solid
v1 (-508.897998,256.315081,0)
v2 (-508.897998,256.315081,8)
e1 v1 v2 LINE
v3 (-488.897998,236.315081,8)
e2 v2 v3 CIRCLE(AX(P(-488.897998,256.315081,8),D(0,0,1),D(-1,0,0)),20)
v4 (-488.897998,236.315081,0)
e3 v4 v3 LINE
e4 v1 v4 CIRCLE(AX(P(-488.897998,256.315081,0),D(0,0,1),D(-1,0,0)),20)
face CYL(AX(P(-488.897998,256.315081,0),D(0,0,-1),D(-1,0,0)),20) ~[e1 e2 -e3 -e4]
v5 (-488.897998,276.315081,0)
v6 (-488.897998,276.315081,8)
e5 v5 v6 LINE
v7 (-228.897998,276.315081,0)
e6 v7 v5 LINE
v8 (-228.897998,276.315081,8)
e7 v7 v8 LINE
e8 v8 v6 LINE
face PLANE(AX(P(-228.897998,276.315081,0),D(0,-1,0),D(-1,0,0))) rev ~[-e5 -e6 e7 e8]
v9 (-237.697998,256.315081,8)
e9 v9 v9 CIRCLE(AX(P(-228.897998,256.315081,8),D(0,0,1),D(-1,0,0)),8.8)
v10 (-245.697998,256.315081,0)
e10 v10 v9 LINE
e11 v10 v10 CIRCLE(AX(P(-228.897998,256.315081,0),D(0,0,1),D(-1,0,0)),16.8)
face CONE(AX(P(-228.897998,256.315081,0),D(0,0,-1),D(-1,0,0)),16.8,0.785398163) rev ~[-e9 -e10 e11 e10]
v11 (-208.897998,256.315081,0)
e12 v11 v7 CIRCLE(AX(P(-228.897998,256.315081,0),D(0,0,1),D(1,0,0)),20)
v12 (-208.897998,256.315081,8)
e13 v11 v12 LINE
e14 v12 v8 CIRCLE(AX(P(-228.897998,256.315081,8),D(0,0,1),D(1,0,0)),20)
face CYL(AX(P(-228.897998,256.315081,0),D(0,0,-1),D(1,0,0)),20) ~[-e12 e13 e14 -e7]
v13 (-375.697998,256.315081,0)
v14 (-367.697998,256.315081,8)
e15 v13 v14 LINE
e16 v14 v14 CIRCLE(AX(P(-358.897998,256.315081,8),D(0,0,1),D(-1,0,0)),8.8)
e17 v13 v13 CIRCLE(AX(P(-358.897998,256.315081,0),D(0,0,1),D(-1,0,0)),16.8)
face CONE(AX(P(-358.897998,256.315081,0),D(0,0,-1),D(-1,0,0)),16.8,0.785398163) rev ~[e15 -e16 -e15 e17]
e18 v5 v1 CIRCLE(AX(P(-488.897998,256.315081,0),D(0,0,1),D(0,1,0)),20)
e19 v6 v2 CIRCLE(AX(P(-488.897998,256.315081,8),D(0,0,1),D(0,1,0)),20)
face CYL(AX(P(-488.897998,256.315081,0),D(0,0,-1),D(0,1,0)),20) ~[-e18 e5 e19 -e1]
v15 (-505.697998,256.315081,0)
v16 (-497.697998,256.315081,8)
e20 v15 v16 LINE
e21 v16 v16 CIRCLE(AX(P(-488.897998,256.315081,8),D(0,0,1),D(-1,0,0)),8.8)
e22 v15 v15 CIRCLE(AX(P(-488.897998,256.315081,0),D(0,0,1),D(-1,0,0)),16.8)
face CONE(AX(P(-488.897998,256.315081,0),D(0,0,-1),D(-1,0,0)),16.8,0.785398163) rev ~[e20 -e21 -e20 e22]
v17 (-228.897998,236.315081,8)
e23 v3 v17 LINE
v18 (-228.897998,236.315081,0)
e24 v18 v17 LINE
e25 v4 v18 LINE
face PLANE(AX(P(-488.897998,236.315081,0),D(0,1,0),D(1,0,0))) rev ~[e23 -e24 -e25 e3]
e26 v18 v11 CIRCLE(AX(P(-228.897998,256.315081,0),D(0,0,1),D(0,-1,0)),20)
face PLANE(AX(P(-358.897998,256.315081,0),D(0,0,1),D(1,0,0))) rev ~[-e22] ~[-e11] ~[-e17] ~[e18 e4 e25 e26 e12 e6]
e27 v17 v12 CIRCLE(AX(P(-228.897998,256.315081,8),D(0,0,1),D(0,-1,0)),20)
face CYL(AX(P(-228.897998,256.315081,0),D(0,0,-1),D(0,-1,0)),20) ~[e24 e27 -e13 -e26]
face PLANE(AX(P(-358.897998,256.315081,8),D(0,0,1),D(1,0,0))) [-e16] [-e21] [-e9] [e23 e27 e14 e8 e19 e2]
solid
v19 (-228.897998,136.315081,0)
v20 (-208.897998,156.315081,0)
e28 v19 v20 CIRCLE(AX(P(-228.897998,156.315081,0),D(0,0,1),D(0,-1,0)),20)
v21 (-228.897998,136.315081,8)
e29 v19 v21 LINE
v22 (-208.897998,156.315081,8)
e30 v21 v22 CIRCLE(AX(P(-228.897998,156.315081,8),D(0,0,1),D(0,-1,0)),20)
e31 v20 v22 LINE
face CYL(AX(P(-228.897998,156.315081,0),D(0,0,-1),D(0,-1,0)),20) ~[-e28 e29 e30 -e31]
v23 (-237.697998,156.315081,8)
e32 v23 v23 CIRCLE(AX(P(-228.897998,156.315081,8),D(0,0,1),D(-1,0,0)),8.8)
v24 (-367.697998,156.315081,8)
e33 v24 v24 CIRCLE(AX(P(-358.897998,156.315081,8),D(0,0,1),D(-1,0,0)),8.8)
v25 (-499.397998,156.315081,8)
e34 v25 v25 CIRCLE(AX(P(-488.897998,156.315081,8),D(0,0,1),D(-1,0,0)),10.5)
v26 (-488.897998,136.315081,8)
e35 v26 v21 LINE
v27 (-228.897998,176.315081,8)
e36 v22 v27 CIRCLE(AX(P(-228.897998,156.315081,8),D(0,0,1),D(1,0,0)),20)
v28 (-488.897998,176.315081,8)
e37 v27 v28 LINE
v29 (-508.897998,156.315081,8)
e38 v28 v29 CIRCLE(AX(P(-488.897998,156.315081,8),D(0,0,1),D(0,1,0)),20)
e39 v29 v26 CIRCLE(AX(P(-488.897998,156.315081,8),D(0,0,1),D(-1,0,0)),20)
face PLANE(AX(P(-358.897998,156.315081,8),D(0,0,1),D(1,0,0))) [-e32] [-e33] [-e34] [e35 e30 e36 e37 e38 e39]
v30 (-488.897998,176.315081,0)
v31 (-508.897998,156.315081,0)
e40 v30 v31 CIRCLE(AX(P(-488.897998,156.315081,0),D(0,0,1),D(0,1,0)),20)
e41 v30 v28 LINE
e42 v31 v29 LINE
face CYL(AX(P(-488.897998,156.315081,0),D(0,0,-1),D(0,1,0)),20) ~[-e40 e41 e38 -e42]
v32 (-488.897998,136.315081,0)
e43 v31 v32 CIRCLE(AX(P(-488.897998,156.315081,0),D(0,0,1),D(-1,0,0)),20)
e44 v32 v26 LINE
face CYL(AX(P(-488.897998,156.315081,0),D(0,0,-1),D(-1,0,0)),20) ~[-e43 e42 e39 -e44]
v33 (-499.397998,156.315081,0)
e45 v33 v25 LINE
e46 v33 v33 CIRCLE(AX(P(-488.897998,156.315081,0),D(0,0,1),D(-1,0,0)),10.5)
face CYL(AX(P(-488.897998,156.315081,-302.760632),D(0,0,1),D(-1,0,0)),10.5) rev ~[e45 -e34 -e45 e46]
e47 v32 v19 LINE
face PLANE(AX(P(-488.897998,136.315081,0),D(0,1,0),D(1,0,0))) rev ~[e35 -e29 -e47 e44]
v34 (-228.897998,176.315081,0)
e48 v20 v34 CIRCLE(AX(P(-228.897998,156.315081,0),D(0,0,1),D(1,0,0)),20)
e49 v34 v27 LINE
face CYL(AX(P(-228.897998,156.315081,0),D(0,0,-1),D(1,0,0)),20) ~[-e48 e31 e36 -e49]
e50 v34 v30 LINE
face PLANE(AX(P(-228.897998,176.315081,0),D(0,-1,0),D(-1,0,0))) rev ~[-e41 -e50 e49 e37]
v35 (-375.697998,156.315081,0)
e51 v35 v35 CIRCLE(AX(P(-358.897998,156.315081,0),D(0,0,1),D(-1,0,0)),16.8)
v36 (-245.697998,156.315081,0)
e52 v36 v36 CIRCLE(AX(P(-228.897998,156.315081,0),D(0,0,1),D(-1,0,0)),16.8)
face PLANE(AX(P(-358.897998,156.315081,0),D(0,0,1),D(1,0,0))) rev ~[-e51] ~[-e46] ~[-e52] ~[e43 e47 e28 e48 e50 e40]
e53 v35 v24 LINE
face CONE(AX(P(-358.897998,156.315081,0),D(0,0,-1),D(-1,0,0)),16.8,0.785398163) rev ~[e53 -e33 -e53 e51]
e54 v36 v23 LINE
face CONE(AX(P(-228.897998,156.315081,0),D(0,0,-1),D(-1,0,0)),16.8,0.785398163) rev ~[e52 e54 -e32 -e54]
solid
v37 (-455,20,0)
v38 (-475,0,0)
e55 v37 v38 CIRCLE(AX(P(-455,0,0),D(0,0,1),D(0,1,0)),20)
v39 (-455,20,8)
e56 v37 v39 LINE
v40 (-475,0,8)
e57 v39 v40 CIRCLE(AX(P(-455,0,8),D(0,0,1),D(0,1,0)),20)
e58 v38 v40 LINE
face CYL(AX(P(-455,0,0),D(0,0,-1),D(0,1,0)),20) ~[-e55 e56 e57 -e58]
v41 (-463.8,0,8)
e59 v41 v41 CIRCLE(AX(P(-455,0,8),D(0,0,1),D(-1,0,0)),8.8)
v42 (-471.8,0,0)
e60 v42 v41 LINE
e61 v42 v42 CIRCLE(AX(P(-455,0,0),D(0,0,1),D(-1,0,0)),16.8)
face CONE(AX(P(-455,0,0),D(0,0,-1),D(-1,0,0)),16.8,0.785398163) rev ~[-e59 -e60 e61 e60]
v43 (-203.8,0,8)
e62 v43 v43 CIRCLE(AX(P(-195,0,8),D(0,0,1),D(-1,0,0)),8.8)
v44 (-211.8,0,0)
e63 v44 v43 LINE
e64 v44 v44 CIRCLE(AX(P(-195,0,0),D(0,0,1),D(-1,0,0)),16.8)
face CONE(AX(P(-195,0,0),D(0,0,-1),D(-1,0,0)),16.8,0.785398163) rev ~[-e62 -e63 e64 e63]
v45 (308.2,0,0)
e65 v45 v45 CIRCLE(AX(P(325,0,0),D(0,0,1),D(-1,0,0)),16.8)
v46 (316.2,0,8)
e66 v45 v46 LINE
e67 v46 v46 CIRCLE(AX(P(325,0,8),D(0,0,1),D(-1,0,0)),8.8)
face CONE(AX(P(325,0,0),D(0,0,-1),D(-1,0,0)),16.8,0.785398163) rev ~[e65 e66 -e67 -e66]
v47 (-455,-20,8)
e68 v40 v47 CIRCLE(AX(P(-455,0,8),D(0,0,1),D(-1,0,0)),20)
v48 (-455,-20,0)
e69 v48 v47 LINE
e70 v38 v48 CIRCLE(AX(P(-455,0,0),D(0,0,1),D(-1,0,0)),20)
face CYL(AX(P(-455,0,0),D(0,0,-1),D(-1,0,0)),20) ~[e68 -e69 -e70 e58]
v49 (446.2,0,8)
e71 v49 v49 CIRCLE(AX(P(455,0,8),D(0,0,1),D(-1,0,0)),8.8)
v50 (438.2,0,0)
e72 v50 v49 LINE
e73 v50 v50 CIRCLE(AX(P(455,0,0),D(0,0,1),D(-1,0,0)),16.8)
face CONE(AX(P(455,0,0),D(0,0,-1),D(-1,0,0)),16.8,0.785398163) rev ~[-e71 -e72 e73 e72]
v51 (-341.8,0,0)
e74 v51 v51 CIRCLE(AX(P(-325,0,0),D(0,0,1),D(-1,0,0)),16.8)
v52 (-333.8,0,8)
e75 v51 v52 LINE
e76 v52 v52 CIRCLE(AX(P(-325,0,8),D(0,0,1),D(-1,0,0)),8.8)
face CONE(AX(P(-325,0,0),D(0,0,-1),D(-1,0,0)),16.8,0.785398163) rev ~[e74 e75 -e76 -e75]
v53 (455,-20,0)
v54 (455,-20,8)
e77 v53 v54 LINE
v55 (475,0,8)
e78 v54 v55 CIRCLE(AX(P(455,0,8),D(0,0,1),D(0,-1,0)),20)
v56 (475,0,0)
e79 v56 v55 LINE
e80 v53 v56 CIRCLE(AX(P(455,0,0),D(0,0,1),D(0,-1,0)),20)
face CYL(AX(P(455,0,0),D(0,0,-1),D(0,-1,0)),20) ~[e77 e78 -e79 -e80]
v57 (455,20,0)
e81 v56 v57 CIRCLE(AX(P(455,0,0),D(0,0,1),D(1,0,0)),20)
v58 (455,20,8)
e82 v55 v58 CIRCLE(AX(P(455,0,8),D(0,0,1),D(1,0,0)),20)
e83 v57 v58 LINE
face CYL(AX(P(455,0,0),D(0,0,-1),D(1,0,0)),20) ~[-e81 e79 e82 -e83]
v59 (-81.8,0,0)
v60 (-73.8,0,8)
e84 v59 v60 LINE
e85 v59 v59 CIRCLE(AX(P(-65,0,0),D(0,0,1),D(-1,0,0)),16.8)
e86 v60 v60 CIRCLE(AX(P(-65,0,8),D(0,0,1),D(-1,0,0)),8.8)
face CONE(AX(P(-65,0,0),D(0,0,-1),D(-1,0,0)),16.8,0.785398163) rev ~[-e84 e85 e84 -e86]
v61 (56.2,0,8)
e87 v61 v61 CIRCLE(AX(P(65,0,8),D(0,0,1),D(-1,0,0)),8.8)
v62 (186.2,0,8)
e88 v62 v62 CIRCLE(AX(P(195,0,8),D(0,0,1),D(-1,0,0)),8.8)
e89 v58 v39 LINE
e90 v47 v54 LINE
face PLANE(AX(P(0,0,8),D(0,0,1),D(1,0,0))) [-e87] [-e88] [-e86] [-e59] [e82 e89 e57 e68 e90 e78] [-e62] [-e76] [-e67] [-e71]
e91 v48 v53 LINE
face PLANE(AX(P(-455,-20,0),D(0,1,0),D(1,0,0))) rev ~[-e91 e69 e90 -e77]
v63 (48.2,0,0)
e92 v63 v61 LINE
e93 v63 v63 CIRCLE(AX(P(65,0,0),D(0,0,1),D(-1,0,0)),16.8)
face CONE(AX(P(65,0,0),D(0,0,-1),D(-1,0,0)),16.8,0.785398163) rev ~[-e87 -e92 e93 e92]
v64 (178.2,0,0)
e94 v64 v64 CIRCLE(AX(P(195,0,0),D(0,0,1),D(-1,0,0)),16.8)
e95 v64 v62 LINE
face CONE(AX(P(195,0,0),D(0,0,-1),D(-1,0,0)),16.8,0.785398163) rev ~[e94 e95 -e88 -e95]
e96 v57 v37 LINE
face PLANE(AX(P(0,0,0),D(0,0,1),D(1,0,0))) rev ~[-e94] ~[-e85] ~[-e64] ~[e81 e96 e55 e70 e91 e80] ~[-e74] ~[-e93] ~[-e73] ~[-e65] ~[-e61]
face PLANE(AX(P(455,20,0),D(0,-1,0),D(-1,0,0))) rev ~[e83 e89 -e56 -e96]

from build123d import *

# Parameters (mm, degrees)
F1_DEPTH        = 8
F3_D            = 17.5
F3_CSINK_D      = 33.6
F3_CSINK_ANGLE  = 90
F5_DEPTH        = 8
F7_D            = 17.5
F7_CSINK_D      = 33.6
F7_CSINK_ANGLE  = 90
F9_D            = 21
F11_D           = 17.5
F11_CSINK_D     = 33.6
F11_CSINK_ANGLE = 90


with BuildPart() as f1:
    # F0 (on Top) → F1 (new body)
    with BuildSketch(Plane.XY):
        with BuildLine():
            Line((-455, -20), (455, -20))
            ThreePointArc((455, -20), (469.1421356237, -14.1421356237), (475, 0))
            ThreePointArc((475, 0), (469.1421356237, 14.1421356237), (455, 20))
            Line((455, 20), (-455, 20))
            ThreePointArc((-455, 20), (-469.1421356237, 14.1421356237), (-475, 0))
            ThreePointArc((-475, 0), (-469.1421356237, -14.1421356237), (-455, -20))
        make_face()
    extrude(amount=F1_DEPTH)

    # F3 (through all)
    with Locations(Plane(origin=(0, 0, 0), x_dir=(1, 0, 0), z_dir=(0, 0, -1))):
        with Locations((-455, 0), (-325, 0), (-195, 0), (-65, 0), (65, 0), (195, 0), (325, 0), (455, 0)):
            CounterSinkHole(F3_D / 2, F3_CSINK_D / 2, counter_sink_angle=F3_CSINK_ANGLE)


with BuildPart() as f5:
    # F4 (on Top) → F5 (new body)
    with BuildSketch(Plane.XY):
        with BuildLine():
            Line((-488.89799788, 136.3150814176), (-228.89799788, 136.3150814176))
            ThreePointArc((-228.89799788, 136.3150814176), (-214.7558622562, 142.1729457938), (-208.89799788, 156.3150814176))
            ThreePointArc((-208.89799788, 156.3150814176), (-214.7558622562, 170.4572170413), (-228.89799788, 176.3150814176))
            Line((-228.89799788, 176.3150814176), (-488.89799788, 176.3150814176))
            ThreePointArc((-488.89799788, 176.3150814176), (-503.0401335037, 170.4572170413), (-508.89799788, 156.3150814176))
            ThreePointArc((-508.89799788, 156.3150814176), (-503.0401335037, 142.1729457938), (-488.89799788, 136.3150814176))
        make_face()
    extrude(amount=F5_DEPTH)

    # F7 (through all)
    with Locations(Plane(origin=(0, 0, 0), x_dir=(1, 0, 0), z_dir=(0, 0, -1))):
        with Locations((-358.89799788, -156.3150814176), (-228.89799788, -156.3150814176)):
            CounterSinkHole(F7_D / 2, F7_CSINK_D / 2, counter_sink_angle=F7_CSINK_ANGLE)


with BuildPart() as f8_1:
    # F8: copy of F5
    add(f5.part.moved(Location((0, 100, 0))))

    # F11 (through all)
    with Locations(Plane(origin=(0, 0, 0), x_dir=(1, 0, 0), z_dir=(0, 0, -1))):
        with Locations((-488.89799788, -256.3150814176)):
            CounterSinkHole(F11_D / 2, F11_CSINK_D / 2, counter_sink_angle=F11_CSINK_ANGLE)


with BuildPart() as f5_1:
    add(f5.part)

    # F9 (through all)
    with Locations(Plane(origin=(0, 0, 0), x_dir=(1, 0, 0), z_dir=(0, 0, -1))):
        with Locations((-488.89799788, -156.3150814176)):
            Hole(F9_D / 2)


solid = Compound([f1.part, f8_1.part, f5_1.part])
